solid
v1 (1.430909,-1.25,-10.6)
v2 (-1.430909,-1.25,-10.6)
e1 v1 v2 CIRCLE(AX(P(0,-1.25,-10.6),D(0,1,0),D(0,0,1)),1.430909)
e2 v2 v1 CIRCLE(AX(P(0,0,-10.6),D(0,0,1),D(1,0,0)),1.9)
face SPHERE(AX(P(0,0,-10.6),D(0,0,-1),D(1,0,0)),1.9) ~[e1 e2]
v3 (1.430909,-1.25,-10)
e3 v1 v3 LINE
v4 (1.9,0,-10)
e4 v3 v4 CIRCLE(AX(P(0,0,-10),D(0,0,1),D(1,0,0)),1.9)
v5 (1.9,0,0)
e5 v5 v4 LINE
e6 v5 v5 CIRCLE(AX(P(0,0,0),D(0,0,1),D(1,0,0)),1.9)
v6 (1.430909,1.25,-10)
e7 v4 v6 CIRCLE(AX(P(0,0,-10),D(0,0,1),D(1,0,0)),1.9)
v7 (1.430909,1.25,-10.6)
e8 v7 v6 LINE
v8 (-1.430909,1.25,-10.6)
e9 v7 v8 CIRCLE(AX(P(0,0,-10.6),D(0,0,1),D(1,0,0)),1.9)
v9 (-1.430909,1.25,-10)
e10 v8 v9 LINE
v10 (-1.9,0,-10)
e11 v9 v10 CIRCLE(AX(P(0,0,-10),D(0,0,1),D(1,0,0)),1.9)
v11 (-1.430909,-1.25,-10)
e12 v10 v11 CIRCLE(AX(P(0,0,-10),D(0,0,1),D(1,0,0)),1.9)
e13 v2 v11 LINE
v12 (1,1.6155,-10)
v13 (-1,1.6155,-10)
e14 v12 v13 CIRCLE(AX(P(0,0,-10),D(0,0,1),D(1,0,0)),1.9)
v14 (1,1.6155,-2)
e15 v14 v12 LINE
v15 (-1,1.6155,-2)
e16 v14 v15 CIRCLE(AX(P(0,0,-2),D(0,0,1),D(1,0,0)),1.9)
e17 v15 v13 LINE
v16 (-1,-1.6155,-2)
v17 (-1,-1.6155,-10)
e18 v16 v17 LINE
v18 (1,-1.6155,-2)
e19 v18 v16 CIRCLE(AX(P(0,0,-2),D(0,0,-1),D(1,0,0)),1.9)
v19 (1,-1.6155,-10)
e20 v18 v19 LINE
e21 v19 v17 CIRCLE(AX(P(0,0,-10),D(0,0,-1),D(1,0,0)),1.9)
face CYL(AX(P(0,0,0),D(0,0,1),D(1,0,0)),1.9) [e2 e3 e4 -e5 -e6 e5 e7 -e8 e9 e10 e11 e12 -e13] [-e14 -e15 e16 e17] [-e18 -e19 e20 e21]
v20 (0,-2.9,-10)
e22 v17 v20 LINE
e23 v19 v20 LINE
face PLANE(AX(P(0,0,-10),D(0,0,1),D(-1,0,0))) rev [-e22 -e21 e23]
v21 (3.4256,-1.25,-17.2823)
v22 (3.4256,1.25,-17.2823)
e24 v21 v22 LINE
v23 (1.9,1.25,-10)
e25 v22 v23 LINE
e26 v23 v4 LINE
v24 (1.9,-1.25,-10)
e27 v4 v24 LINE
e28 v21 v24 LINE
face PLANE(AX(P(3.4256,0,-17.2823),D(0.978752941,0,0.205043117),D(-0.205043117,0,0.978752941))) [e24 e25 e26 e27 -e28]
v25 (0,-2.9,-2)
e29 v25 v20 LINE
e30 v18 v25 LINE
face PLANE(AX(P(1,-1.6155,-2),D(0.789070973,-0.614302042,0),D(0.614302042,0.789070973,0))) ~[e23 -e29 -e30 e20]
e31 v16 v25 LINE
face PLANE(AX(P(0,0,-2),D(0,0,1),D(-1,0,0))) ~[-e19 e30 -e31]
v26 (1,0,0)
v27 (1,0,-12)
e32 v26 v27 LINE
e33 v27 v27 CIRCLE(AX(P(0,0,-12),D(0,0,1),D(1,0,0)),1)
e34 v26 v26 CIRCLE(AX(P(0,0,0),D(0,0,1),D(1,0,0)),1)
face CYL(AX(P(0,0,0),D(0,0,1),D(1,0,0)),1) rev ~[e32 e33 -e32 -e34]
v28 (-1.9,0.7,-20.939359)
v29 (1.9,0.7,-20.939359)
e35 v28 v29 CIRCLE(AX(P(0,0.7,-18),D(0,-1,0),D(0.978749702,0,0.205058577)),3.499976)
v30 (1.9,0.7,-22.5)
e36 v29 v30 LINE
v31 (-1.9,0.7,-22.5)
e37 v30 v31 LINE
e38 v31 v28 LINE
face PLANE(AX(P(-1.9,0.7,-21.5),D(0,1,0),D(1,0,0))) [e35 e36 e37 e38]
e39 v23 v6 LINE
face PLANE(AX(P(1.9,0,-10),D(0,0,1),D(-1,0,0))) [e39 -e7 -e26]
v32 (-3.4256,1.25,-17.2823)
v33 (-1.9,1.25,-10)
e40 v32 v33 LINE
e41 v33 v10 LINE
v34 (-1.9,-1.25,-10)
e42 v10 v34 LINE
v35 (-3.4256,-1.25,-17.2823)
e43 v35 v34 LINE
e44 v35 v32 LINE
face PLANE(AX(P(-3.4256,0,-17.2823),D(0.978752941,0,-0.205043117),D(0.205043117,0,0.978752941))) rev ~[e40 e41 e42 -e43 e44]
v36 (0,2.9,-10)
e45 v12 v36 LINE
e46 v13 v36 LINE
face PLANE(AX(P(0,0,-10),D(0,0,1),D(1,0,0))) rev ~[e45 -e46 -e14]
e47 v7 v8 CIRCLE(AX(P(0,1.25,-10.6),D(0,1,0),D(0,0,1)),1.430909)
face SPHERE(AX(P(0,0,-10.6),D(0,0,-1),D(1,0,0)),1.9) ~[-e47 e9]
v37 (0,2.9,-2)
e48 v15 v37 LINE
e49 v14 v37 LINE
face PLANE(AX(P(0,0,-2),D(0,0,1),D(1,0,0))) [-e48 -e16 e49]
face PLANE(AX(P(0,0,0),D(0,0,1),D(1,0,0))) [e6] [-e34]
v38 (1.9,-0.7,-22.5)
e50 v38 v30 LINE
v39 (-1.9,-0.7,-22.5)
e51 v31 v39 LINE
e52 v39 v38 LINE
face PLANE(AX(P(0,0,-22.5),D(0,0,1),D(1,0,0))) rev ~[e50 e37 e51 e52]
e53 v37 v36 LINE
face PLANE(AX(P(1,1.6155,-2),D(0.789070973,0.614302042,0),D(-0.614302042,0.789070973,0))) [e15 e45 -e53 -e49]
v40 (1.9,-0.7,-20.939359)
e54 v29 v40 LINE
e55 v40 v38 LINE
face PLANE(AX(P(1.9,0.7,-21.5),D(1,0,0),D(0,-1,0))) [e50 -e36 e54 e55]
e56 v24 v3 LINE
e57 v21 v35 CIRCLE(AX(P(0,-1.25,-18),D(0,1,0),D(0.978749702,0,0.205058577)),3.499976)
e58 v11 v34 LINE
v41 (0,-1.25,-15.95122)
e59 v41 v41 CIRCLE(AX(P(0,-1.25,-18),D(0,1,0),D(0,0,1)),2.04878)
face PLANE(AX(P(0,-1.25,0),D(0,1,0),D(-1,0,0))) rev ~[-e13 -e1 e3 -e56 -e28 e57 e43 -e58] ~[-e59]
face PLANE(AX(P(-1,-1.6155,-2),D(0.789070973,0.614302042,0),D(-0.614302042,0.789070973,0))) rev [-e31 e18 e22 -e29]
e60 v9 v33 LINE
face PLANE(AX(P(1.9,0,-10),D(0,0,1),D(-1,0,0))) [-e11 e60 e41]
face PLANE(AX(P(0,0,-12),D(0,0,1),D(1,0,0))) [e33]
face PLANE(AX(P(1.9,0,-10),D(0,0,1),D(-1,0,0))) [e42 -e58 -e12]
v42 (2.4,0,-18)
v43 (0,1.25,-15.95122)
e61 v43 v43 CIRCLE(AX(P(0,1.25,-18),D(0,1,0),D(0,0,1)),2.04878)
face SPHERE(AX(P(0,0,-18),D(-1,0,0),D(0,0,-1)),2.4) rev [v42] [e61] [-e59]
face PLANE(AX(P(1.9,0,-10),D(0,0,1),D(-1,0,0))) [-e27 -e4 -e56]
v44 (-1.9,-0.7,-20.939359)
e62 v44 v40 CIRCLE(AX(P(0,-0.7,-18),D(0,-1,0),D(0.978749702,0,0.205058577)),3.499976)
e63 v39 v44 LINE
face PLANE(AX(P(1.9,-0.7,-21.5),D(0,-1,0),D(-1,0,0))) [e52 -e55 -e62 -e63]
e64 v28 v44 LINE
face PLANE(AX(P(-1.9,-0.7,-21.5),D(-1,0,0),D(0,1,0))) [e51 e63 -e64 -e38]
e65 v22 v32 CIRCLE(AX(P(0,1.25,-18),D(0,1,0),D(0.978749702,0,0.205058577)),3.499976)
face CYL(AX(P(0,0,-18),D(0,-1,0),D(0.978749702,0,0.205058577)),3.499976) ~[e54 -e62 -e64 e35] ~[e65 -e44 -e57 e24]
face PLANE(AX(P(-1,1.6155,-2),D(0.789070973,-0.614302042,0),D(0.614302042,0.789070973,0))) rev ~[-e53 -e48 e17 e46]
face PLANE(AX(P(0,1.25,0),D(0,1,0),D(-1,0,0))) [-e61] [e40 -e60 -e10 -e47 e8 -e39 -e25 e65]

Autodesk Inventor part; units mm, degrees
ref_plane "YZ Plane" through (0, 0, 0) normal (1, 0, 0) x (0, 1, 0)
sketch "Sketch2" plane through (0, 0, 0) normal (0, 0, 1) x (1, 0, 0)
  circle A0 centre (0, 0) radius 1.9
  dimension "d0" = 3.8
extrude "Extrusion1" add sketch "Sketch2" against normal blind 12.5
fillet "Fillet1" radius 1.9 1 edges at (-1.9, 0, -12.5)
sketch "Sketch3" plane through (0, 0, 0) normal (0, 1, 0) x (-1, 0, 0)
  line L0 (1.9, 0) -> (-1.9, 0) construction
  arc A0 (-3.4256, -17.2823) -> (3.4256, -17.2823) centre (0, -18) ccw
  line L1 (3.4256, -17.2823) -> (1.9, -10)
  line L2 (-3.4256, -17.2823) -> (-1.9, -10)
  line L3 (0, -27.6) -> (0, 4.6) construction
  line L4 (1.9, 0) -> (1.9, -10.6) construction
  line L5 (-1.9, 0) -> (-1.9, -10.6) construction
  line L6 (-1.9, -10) -> (1.9, -10)
  point P0 (0, 0)
  point P1 (-2.75, -11.75)
  point P2 (2.75, -11.75)
  dimension "d4" = 7
  dimension "d5" = 10
  dimension "d6" = 18
  dimension "d7" = 10
extrude "Extrusion2" add sketch "Sketch3" along normal mid plane 2.5
sketch "Sketch4" plane through (0, 0, 0) normal (0, 1, 0) x (-1, 0, 0)
  arc A0 (-3.4256, -17.2823) -> (3.4256, -17.2823) centre (0, -18) ccw construction
  arc A1 (-2.4, -18) -> (2.4, -18) centre (0, -18) ccw
  line L0 (2.4, -18) -> (-2.4, -18)
  point P0 (0, 0)
  dimension "d10" = 4.8
revolve "Revolution1" cut sketch "Sketch4" angle 360 about axis through (-2.4, 0, -18) along (1, 0, 0)
sketch "Sketch5" plane through (0, 0, 0) normal (0, 0, 1) x (1, 0, 0)
  circle A0 centre (0, 0) radius 1
  dimension "d12" = 2
extrude "Extrusion3" cut sketch "Sketch5" against normal blind 12
thread "Thread1" size "M2x0.4" designation "M2" class "6H" standard "ISO Metric profile" length 110
ref_plane "Work Plane1" through (0, 0, -21.5) normal (0, 0, 1) x (1, 0, 0)
sketch "Sketch6" plane through (0, 0, -21.5) normal (0, 0, 1) x (1, 0, 0)
  line L0 (-4.9, 0) -> (4.9, 0) construction
  line L1 (0, -2.66) -> (0, 2.66) construction
  line L2 (1.9, 0.7) -> (-1.9, 0.7)
  line L3 (-1.9, 0.7) -> (-1.9, -0.7)
  line L4 (-1.9, -0.7) -> (1.9, -0.7)
  line L5 (1.9, -0.7) -> (1.9, 0.7)
  point P0 (0, 0)
  dimension "d17" = 3.8
  dimension "d18" = 1.4
extrude "Extrusion4" add sketch "Sketch6" against normal blind 1
sketch "Sketch7" plane through (0, 0, -21.5) normal (0, 0, 1) x (1, 0, 0)
  line L0 (-1.9, -0.7) -> (-1.9, 0.7) construction
  line L1 (-1.9, 0.7) -> (1.9, 0.7) construction
  line L2 (1.9, 0.7) -> (1.9, -0.7) construction
  line L3 (1.9, -0.7) -> (-1.9, -0.7) construction
  line L4 (-1.9, 0.7) -> (1.9, 0.7)
  line L5 (1.9, 0.7) -> (1.9, -0.7)
  line L6 (1.9, -0.7) -> (-1.9, -0.7)
  line L7 (-1.9, -0.7) -> (-1.9, 0.7)
  point P0 (0, 0)
extrude "Extrusion5" add sketch "Sketch7" along normal up to surface
ref_plane "Work Plane2" through (0, 0, -2) normal (0, 0, 1) x (1, 0, 0)
sketch "Sketch8" plane through (0, 0, -2) normal (0, 0, 1) x (1, 0, 0)
  arc A0 (1.4309, 1.25) -> (-1.4309, 1.25) centre (0, 0) ccw construction
  circle A1 centre (0, 0) radius 1.9
  line L0 (0, -2.98) -> (0, 4.58) construction
  line L1 (-2.66, 0) -> (2.66, 0) construction
  line L2 (-1, 1.6155) -> (0, 2.9)
  line L3 (1, 1.6155) -> (0, 2.9)
  dimension "d24" = 2.9
  dimension "d25" = 2
extrude "Extrusion6" add sketch "Sketch8" against normal blind 8 contours A1 L2 L3
mirror "Mirror1" about plane through (0, 0, 0) normal (0, 1, 0) of "Extrusion6"
equation "\"d5\" = d7"
properties part number "Rotule_M2" material "POM"
